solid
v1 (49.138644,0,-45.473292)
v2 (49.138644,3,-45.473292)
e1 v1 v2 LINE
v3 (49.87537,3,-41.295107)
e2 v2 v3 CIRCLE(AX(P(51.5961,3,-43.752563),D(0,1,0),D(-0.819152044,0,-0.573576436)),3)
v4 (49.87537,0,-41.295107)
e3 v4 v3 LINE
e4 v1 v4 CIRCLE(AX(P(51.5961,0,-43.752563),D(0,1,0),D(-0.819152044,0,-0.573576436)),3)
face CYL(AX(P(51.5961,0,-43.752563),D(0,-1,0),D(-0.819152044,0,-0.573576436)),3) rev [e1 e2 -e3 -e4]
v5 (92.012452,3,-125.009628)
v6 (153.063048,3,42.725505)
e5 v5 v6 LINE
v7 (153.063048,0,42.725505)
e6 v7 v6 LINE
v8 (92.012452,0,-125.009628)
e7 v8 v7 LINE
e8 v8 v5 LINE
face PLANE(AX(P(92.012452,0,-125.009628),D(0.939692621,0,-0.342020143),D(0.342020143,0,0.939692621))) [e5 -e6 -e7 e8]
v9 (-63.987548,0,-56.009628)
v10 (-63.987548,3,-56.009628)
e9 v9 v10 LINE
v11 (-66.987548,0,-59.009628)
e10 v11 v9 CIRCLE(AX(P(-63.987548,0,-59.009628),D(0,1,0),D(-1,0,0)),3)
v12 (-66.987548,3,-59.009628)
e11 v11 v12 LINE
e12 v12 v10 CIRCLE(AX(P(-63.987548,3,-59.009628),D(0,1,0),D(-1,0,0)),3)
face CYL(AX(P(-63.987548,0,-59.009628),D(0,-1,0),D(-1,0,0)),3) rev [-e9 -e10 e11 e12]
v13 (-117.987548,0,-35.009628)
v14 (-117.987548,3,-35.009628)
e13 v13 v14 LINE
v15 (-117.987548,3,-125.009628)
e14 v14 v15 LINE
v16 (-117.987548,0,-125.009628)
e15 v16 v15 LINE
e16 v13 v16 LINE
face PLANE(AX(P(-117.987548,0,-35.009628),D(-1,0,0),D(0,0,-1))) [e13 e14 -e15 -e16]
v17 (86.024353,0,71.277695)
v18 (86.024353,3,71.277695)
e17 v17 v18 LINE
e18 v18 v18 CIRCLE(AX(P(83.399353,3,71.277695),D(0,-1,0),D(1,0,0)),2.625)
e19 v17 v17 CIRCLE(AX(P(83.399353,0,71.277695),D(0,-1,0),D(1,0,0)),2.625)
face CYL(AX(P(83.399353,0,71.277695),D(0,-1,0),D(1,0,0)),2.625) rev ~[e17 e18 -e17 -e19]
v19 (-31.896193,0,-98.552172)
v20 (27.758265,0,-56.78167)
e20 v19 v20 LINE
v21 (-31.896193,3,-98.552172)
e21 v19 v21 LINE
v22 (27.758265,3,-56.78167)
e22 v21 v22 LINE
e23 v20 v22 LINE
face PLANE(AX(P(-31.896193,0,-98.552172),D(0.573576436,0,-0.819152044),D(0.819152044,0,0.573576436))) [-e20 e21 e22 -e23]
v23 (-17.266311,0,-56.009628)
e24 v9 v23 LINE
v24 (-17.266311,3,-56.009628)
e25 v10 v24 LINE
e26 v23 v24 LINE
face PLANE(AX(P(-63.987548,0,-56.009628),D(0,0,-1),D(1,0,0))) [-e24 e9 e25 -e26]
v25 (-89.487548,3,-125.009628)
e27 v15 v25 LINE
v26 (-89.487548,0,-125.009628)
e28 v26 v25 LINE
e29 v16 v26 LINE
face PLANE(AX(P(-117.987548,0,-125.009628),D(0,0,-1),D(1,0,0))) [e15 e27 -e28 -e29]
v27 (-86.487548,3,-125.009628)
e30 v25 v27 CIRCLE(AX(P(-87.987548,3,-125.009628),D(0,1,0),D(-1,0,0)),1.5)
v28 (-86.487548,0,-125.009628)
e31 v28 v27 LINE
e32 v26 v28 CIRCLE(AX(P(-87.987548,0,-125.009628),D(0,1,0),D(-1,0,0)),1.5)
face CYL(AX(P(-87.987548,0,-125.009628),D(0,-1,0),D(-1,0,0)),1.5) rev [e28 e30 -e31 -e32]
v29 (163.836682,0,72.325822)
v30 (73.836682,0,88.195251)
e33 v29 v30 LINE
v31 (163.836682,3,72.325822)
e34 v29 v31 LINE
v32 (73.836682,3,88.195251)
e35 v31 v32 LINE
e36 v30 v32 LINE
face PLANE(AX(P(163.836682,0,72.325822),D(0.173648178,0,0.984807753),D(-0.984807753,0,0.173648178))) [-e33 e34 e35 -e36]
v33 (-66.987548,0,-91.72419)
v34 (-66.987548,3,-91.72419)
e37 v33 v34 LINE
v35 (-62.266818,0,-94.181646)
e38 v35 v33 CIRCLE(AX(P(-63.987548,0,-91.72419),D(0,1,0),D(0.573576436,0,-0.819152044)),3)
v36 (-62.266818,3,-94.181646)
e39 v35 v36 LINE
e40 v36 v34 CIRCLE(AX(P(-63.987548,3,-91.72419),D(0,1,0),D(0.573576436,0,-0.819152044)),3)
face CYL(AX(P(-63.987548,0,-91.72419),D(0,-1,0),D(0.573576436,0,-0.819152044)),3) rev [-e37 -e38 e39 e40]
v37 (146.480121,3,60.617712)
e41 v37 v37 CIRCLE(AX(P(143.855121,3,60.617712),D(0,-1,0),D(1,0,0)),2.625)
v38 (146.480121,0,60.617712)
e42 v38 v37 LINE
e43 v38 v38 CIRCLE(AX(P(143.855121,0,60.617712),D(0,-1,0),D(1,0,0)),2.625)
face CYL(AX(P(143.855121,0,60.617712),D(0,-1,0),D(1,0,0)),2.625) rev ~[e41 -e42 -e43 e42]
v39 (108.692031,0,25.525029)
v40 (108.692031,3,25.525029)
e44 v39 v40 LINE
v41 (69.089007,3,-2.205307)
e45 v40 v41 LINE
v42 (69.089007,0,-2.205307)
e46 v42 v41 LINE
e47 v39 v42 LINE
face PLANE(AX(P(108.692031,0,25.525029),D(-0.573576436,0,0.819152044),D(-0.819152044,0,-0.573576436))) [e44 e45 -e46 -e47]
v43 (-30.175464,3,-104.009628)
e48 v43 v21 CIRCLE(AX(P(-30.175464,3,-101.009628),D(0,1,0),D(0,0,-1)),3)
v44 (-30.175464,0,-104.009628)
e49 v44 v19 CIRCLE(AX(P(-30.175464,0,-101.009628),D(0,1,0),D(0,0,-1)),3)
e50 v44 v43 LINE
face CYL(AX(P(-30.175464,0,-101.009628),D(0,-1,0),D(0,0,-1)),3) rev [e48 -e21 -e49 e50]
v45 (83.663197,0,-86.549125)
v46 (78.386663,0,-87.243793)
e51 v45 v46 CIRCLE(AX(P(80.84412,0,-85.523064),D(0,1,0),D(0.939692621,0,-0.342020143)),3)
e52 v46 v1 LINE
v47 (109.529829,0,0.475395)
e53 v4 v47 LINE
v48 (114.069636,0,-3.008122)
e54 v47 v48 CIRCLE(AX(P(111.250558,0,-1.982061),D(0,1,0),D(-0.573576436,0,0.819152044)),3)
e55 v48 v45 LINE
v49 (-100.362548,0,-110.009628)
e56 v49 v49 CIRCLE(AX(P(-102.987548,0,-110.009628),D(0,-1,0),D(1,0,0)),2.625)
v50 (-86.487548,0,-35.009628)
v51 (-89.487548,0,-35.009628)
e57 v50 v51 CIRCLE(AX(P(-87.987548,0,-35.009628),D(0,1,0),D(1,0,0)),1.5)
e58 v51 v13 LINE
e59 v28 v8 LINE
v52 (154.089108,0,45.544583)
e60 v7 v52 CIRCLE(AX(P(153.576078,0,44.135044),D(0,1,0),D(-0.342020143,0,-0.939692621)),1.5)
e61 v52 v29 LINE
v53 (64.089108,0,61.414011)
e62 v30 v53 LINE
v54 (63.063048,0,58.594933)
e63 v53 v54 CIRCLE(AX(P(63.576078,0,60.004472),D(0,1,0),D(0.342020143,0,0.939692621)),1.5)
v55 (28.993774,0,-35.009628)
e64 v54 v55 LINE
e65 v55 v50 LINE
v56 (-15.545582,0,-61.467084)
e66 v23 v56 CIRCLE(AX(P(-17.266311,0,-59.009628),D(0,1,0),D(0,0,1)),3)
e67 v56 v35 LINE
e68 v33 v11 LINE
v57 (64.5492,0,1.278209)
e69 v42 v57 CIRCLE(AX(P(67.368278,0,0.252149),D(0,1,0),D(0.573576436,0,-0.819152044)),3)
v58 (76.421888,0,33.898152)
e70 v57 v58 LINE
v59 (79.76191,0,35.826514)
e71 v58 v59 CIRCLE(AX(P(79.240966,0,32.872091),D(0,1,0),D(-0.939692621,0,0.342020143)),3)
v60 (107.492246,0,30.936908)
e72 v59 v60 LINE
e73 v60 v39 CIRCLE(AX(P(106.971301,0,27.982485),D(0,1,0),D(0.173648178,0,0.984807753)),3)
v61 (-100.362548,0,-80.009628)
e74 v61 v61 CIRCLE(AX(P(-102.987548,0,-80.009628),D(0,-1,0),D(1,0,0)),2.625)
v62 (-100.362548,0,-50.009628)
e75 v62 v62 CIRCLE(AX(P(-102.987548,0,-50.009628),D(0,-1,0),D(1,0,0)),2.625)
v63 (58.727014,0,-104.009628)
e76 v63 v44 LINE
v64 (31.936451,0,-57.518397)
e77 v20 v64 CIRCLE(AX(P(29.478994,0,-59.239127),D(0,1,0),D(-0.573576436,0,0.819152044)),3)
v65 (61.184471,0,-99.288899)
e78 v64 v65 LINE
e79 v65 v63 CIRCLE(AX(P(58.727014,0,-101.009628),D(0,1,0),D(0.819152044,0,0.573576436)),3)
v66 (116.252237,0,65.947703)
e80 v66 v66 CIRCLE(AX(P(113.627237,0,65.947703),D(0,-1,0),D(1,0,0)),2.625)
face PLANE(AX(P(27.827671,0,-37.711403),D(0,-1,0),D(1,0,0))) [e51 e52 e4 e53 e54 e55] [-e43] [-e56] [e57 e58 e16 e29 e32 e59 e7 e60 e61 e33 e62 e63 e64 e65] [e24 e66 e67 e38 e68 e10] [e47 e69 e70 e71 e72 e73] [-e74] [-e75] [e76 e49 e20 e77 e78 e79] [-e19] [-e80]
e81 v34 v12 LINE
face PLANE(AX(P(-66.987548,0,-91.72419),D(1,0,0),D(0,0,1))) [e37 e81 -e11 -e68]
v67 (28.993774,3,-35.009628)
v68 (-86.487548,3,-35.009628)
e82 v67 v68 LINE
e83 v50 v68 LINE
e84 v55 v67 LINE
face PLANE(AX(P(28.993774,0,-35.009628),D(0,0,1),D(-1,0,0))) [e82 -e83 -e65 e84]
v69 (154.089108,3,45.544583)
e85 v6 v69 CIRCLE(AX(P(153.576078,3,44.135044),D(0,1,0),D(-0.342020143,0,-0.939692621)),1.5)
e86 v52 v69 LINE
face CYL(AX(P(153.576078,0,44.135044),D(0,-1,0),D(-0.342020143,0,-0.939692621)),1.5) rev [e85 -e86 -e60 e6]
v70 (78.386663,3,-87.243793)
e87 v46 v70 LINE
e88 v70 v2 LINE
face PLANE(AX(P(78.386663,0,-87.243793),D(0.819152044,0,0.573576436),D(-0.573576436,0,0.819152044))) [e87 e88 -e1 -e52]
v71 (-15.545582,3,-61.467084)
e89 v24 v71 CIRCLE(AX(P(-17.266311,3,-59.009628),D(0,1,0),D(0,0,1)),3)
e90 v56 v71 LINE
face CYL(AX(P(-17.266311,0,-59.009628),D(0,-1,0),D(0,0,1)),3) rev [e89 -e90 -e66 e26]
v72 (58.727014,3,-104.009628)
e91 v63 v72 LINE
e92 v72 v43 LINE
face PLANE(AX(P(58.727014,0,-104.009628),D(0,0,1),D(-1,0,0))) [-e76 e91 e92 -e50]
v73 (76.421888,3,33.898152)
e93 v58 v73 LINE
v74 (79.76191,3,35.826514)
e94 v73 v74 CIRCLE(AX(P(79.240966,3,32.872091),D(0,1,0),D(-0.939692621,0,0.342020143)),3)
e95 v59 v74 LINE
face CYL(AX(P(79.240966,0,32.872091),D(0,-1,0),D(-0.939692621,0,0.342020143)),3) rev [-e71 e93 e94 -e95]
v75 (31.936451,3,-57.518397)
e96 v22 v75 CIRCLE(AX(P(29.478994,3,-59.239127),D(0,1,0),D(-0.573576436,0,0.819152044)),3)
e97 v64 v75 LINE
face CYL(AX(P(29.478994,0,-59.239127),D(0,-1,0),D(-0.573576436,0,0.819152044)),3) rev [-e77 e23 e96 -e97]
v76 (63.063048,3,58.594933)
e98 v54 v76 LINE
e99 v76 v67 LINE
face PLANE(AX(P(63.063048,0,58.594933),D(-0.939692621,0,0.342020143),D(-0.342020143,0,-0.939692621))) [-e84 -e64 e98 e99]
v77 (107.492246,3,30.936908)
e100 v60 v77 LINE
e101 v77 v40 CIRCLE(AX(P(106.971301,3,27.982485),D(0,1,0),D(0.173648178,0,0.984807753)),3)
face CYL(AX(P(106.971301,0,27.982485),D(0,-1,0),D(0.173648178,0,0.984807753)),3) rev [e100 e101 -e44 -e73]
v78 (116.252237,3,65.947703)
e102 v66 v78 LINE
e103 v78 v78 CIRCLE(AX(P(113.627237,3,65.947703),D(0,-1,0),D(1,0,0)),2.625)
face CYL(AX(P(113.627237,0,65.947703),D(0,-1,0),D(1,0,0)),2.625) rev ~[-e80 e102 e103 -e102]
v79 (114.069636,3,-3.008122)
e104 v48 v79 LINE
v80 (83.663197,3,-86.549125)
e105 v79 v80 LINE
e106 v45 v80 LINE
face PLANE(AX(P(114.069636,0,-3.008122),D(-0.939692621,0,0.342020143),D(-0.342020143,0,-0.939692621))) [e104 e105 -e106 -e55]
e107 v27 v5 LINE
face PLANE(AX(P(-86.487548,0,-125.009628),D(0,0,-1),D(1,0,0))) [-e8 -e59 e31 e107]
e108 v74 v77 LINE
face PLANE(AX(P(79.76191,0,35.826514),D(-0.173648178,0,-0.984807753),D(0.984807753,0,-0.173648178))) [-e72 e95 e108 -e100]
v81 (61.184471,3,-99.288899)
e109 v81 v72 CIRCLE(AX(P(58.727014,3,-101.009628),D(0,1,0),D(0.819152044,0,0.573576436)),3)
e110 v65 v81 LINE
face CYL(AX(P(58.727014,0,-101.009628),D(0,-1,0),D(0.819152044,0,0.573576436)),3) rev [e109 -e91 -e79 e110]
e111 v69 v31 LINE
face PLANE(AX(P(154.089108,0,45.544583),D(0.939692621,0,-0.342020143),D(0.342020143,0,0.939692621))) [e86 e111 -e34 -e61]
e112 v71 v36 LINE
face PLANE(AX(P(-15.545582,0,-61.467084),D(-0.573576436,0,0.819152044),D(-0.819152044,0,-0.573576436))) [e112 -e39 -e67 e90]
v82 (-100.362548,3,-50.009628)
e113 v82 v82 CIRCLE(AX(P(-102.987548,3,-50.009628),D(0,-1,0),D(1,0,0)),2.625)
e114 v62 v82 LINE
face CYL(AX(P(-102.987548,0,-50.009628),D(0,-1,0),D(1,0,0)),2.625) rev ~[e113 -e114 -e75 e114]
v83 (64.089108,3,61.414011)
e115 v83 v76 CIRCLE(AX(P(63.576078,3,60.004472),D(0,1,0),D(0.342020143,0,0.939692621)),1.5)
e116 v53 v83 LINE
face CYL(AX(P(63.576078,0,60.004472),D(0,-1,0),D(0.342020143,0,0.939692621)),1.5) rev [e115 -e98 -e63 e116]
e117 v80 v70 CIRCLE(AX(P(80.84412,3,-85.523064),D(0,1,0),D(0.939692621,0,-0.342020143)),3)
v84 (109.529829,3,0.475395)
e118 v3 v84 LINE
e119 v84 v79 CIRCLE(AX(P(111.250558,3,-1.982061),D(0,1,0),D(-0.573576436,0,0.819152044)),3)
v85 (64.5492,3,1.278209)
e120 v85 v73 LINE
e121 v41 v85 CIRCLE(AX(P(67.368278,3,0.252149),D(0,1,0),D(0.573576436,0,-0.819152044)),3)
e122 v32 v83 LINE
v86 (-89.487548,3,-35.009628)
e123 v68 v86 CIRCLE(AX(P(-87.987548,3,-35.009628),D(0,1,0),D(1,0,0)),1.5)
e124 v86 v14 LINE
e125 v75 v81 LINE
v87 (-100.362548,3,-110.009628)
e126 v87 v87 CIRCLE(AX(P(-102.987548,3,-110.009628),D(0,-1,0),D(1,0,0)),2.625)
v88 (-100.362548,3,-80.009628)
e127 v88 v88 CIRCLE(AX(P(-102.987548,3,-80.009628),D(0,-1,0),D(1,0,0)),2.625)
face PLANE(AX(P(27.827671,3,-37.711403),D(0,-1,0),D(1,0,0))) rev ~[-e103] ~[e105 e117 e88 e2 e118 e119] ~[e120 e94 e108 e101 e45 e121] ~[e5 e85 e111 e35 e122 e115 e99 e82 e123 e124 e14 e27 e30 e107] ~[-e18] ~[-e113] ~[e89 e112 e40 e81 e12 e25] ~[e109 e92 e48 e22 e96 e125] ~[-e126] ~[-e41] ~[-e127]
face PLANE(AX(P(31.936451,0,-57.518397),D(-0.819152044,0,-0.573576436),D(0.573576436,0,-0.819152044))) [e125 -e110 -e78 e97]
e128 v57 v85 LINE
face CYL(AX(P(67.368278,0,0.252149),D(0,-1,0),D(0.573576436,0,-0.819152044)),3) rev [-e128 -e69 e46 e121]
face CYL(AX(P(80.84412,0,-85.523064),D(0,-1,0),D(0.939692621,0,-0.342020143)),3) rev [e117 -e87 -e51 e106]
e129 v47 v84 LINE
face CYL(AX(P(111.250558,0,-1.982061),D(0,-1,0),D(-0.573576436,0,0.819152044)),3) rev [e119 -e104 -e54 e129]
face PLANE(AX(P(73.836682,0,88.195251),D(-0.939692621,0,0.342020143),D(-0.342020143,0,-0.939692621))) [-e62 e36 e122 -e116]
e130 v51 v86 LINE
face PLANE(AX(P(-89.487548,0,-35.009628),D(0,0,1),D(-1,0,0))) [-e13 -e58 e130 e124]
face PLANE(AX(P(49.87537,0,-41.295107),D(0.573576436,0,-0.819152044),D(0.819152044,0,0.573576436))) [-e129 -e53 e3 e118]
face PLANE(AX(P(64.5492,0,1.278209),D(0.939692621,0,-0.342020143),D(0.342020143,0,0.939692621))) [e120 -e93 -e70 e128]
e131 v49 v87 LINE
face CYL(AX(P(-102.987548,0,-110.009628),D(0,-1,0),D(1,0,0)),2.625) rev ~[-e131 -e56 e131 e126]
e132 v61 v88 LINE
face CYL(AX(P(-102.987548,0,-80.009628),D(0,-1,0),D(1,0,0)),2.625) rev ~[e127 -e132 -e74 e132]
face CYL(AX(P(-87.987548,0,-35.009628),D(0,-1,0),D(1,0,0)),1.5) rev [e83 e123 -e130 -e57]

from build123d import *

# Parameters (mm, degrees)
F0_R     = 0.875
F1_DEPTH = 1
F2_SCALE = 3


with BuildPart() as f1:
    # F0 (on Front) → F1 (new body)
    with BuildSketch(Plane.XZ):
        with BuildLine():
            Line((-9.5, -65.0096278997), (50, -65.0096278997))
            Line((50, -65.0096278997), (70.3501985279, -9.0979169629))
            ThreePointArc((70.3501985279, -9.0979169629), (70.0513622891, -8.4570605809), (70.6922186712, -8.1582243421))
            Line((70.6922186712, -8.1582243421), (73.9414100328, 0.7688555553))
            Line((73.9414100328, 0.7688555553), (43.9414100328, 6.0586649766))
            Line((43.9414100328, 6.0586649766), (40.6922186712, -2.8684149209))
            ThreePointArc((40.6922186712, -2.8684149209), (40.9910549099, -3.5092713029), (40.3501985279, -3.8081075417))
            Line((40.3501985279, -3.8081075417), (28.9937738537, -35.0096278997))
            Line((28.9937738537, -35.0096278997), (-9.5, -35.0096278997))
            ThreePointArc((-9.5, -35.0096278997), (-10, -35.5096278997), (-10.5, -35.0096278997))
            Line((-10.5, -35.0096278997), (-20, -35.0096278997))
            Line((-20, -35.0096278997), (-20, -65.0096278997))
            Line((-20, -65.0096278997), (-10.5, -65.0096278997))
            ThreePointArc((-10.5, -65.0096278997), (-10, -64.5096278997), (-9.5, -65.0096278997))
        make_face()
        with Locations((-15, -60.0096278997)):
            Circle(F0_R, mode=Mode.SUBTRACT)
        with Locations((-15, -50.0096278997)):
            Circle(F0_R, mode=Mode.SUBTRACT)
        with BuildLine():
            ThreePointArc((-1.4264235636, -54.7336339889), (-2.4617486132, -54.8014927777), (-3, -53.9144819446))
            Line((-3, -53.9144819446), (-3, -43.0096278997))
            ThreePointArc((-3, -43.0096278997), (-2.7071067812, -42.3025211185), (-2, -42.0096278997))
            Line((-2, -42.0096278997), (13.573745568, -42.0096278997))
            ThreePointArc((13.573745568, -42.0096278997), (14.5274625188, -42.7089221002), (14.1473220044, -43.828779944))
            Line((14.1473220044, -43.828779944), (-1.4264235636, -54.7336339889))
        make_face(mode=Mode.SUBTRACT)
        with BuildLine():
            ThreePointArc((39.7240060892, -56.4360514633), (39.7918648781, -57.4713765129), (38.9048540449, -58.0096278997))
            Line((38.9048540449, -58.0096278997), (9.2706946342, -58.0096278997))
            ThreePointArc((9.2706946342, -58.0096278997), (8.3169776835, -57.3103336992), (8.6971181979, -56.1904758554))
            Line((8.6971181979, -56.1904758554), (28.5819376277, -42.2669753947))
            ThreePointArc((28.5819376277, -42.2669753947), (29.3291622417, -42.101319686), (29.9746661083, -42.5125510026))
            Line((29.9746661083, -42.5125510026), (39.7240060892, -56.4360514633))
        make_face(mode=Mode.SUBTRACT)
        with Locations((-15, -40.0096278997)):
            Circle(F0_R, mode=Mode.SUBTRACT)
        with BuildLine():
            Line((57.3523945133, -24.3424591944), (47.2169150643, -52.1894601158))
            ThreePointArc((47.2169150643, -52.1894601158), (46.4077486357, -52.8388848339), (45.4580703992, -52.4210164089))
            Line((45.4580703992, -52.4210164089), (35.7087304184, -38.4975159482))
            ThreePointArc((35.7087304184, -38.4975159482), (35.5430747096, -37.7502913341), (35.9543060263, -37.1047874675))
            Line((35.9543060263, -37.1047874675), (55.8391254561, -23.1812870068))
            ThreePointArc((55.8391254561, -23.1812870068), (57.0214633215, -23.2070857108), (57.3523945133, -24.3424591944))
        make_face(mode=Mode.SUBTRACT)
        with BuildLine():
            ThreePointArc((42.3588515407, -24.0748542982), (41.1765136753, -24.0490555942), (40.8455824836, -22.9136821106))
            Line((40.8455824836, -22.9136821106), (44.8031451361, -12.0403680867))
            ThreePointArc((44.8031451361, -12.0403680867), (45.2428377569, -11.5163628263), (45.9164859345, -11.397580477))
            Line((45.9164859345, -11.397580477), (55.1599311689, -13.0274492665))
            ThreePointArc((55.1599311689, -13.0274492665), (55.9625789983, -13.7958174056), (55.5598594276, -14.8314090638))
            Line((55.5598594276, -14.8314090638), (42.3588515407, -24.0748542982))
        make_face(mode=Mode.SUBTRACT)
        with Locations((47.1289670212, 0.4194796176)):
            Circle(F0_R, mode=Mode.SUBTRACT)
        with Locations((67.2808894911, -3.133848027)):
            Circle(F0_R, mode=Mode.SUBTRACT)
        with Locations((57.2049282561, -1.3571842047)):
            Circle(F0_R, mode=Mode.SUBTRACT)
    extrude(amount=-F1_DEPTH)


with BuildPart() as f1_1:
    # F2: moved
    add(f1.part.scale(F2_SCALE).moved(Location((-57.9875477074, 0, 70.0192557993))))


solid = f1_1.part
